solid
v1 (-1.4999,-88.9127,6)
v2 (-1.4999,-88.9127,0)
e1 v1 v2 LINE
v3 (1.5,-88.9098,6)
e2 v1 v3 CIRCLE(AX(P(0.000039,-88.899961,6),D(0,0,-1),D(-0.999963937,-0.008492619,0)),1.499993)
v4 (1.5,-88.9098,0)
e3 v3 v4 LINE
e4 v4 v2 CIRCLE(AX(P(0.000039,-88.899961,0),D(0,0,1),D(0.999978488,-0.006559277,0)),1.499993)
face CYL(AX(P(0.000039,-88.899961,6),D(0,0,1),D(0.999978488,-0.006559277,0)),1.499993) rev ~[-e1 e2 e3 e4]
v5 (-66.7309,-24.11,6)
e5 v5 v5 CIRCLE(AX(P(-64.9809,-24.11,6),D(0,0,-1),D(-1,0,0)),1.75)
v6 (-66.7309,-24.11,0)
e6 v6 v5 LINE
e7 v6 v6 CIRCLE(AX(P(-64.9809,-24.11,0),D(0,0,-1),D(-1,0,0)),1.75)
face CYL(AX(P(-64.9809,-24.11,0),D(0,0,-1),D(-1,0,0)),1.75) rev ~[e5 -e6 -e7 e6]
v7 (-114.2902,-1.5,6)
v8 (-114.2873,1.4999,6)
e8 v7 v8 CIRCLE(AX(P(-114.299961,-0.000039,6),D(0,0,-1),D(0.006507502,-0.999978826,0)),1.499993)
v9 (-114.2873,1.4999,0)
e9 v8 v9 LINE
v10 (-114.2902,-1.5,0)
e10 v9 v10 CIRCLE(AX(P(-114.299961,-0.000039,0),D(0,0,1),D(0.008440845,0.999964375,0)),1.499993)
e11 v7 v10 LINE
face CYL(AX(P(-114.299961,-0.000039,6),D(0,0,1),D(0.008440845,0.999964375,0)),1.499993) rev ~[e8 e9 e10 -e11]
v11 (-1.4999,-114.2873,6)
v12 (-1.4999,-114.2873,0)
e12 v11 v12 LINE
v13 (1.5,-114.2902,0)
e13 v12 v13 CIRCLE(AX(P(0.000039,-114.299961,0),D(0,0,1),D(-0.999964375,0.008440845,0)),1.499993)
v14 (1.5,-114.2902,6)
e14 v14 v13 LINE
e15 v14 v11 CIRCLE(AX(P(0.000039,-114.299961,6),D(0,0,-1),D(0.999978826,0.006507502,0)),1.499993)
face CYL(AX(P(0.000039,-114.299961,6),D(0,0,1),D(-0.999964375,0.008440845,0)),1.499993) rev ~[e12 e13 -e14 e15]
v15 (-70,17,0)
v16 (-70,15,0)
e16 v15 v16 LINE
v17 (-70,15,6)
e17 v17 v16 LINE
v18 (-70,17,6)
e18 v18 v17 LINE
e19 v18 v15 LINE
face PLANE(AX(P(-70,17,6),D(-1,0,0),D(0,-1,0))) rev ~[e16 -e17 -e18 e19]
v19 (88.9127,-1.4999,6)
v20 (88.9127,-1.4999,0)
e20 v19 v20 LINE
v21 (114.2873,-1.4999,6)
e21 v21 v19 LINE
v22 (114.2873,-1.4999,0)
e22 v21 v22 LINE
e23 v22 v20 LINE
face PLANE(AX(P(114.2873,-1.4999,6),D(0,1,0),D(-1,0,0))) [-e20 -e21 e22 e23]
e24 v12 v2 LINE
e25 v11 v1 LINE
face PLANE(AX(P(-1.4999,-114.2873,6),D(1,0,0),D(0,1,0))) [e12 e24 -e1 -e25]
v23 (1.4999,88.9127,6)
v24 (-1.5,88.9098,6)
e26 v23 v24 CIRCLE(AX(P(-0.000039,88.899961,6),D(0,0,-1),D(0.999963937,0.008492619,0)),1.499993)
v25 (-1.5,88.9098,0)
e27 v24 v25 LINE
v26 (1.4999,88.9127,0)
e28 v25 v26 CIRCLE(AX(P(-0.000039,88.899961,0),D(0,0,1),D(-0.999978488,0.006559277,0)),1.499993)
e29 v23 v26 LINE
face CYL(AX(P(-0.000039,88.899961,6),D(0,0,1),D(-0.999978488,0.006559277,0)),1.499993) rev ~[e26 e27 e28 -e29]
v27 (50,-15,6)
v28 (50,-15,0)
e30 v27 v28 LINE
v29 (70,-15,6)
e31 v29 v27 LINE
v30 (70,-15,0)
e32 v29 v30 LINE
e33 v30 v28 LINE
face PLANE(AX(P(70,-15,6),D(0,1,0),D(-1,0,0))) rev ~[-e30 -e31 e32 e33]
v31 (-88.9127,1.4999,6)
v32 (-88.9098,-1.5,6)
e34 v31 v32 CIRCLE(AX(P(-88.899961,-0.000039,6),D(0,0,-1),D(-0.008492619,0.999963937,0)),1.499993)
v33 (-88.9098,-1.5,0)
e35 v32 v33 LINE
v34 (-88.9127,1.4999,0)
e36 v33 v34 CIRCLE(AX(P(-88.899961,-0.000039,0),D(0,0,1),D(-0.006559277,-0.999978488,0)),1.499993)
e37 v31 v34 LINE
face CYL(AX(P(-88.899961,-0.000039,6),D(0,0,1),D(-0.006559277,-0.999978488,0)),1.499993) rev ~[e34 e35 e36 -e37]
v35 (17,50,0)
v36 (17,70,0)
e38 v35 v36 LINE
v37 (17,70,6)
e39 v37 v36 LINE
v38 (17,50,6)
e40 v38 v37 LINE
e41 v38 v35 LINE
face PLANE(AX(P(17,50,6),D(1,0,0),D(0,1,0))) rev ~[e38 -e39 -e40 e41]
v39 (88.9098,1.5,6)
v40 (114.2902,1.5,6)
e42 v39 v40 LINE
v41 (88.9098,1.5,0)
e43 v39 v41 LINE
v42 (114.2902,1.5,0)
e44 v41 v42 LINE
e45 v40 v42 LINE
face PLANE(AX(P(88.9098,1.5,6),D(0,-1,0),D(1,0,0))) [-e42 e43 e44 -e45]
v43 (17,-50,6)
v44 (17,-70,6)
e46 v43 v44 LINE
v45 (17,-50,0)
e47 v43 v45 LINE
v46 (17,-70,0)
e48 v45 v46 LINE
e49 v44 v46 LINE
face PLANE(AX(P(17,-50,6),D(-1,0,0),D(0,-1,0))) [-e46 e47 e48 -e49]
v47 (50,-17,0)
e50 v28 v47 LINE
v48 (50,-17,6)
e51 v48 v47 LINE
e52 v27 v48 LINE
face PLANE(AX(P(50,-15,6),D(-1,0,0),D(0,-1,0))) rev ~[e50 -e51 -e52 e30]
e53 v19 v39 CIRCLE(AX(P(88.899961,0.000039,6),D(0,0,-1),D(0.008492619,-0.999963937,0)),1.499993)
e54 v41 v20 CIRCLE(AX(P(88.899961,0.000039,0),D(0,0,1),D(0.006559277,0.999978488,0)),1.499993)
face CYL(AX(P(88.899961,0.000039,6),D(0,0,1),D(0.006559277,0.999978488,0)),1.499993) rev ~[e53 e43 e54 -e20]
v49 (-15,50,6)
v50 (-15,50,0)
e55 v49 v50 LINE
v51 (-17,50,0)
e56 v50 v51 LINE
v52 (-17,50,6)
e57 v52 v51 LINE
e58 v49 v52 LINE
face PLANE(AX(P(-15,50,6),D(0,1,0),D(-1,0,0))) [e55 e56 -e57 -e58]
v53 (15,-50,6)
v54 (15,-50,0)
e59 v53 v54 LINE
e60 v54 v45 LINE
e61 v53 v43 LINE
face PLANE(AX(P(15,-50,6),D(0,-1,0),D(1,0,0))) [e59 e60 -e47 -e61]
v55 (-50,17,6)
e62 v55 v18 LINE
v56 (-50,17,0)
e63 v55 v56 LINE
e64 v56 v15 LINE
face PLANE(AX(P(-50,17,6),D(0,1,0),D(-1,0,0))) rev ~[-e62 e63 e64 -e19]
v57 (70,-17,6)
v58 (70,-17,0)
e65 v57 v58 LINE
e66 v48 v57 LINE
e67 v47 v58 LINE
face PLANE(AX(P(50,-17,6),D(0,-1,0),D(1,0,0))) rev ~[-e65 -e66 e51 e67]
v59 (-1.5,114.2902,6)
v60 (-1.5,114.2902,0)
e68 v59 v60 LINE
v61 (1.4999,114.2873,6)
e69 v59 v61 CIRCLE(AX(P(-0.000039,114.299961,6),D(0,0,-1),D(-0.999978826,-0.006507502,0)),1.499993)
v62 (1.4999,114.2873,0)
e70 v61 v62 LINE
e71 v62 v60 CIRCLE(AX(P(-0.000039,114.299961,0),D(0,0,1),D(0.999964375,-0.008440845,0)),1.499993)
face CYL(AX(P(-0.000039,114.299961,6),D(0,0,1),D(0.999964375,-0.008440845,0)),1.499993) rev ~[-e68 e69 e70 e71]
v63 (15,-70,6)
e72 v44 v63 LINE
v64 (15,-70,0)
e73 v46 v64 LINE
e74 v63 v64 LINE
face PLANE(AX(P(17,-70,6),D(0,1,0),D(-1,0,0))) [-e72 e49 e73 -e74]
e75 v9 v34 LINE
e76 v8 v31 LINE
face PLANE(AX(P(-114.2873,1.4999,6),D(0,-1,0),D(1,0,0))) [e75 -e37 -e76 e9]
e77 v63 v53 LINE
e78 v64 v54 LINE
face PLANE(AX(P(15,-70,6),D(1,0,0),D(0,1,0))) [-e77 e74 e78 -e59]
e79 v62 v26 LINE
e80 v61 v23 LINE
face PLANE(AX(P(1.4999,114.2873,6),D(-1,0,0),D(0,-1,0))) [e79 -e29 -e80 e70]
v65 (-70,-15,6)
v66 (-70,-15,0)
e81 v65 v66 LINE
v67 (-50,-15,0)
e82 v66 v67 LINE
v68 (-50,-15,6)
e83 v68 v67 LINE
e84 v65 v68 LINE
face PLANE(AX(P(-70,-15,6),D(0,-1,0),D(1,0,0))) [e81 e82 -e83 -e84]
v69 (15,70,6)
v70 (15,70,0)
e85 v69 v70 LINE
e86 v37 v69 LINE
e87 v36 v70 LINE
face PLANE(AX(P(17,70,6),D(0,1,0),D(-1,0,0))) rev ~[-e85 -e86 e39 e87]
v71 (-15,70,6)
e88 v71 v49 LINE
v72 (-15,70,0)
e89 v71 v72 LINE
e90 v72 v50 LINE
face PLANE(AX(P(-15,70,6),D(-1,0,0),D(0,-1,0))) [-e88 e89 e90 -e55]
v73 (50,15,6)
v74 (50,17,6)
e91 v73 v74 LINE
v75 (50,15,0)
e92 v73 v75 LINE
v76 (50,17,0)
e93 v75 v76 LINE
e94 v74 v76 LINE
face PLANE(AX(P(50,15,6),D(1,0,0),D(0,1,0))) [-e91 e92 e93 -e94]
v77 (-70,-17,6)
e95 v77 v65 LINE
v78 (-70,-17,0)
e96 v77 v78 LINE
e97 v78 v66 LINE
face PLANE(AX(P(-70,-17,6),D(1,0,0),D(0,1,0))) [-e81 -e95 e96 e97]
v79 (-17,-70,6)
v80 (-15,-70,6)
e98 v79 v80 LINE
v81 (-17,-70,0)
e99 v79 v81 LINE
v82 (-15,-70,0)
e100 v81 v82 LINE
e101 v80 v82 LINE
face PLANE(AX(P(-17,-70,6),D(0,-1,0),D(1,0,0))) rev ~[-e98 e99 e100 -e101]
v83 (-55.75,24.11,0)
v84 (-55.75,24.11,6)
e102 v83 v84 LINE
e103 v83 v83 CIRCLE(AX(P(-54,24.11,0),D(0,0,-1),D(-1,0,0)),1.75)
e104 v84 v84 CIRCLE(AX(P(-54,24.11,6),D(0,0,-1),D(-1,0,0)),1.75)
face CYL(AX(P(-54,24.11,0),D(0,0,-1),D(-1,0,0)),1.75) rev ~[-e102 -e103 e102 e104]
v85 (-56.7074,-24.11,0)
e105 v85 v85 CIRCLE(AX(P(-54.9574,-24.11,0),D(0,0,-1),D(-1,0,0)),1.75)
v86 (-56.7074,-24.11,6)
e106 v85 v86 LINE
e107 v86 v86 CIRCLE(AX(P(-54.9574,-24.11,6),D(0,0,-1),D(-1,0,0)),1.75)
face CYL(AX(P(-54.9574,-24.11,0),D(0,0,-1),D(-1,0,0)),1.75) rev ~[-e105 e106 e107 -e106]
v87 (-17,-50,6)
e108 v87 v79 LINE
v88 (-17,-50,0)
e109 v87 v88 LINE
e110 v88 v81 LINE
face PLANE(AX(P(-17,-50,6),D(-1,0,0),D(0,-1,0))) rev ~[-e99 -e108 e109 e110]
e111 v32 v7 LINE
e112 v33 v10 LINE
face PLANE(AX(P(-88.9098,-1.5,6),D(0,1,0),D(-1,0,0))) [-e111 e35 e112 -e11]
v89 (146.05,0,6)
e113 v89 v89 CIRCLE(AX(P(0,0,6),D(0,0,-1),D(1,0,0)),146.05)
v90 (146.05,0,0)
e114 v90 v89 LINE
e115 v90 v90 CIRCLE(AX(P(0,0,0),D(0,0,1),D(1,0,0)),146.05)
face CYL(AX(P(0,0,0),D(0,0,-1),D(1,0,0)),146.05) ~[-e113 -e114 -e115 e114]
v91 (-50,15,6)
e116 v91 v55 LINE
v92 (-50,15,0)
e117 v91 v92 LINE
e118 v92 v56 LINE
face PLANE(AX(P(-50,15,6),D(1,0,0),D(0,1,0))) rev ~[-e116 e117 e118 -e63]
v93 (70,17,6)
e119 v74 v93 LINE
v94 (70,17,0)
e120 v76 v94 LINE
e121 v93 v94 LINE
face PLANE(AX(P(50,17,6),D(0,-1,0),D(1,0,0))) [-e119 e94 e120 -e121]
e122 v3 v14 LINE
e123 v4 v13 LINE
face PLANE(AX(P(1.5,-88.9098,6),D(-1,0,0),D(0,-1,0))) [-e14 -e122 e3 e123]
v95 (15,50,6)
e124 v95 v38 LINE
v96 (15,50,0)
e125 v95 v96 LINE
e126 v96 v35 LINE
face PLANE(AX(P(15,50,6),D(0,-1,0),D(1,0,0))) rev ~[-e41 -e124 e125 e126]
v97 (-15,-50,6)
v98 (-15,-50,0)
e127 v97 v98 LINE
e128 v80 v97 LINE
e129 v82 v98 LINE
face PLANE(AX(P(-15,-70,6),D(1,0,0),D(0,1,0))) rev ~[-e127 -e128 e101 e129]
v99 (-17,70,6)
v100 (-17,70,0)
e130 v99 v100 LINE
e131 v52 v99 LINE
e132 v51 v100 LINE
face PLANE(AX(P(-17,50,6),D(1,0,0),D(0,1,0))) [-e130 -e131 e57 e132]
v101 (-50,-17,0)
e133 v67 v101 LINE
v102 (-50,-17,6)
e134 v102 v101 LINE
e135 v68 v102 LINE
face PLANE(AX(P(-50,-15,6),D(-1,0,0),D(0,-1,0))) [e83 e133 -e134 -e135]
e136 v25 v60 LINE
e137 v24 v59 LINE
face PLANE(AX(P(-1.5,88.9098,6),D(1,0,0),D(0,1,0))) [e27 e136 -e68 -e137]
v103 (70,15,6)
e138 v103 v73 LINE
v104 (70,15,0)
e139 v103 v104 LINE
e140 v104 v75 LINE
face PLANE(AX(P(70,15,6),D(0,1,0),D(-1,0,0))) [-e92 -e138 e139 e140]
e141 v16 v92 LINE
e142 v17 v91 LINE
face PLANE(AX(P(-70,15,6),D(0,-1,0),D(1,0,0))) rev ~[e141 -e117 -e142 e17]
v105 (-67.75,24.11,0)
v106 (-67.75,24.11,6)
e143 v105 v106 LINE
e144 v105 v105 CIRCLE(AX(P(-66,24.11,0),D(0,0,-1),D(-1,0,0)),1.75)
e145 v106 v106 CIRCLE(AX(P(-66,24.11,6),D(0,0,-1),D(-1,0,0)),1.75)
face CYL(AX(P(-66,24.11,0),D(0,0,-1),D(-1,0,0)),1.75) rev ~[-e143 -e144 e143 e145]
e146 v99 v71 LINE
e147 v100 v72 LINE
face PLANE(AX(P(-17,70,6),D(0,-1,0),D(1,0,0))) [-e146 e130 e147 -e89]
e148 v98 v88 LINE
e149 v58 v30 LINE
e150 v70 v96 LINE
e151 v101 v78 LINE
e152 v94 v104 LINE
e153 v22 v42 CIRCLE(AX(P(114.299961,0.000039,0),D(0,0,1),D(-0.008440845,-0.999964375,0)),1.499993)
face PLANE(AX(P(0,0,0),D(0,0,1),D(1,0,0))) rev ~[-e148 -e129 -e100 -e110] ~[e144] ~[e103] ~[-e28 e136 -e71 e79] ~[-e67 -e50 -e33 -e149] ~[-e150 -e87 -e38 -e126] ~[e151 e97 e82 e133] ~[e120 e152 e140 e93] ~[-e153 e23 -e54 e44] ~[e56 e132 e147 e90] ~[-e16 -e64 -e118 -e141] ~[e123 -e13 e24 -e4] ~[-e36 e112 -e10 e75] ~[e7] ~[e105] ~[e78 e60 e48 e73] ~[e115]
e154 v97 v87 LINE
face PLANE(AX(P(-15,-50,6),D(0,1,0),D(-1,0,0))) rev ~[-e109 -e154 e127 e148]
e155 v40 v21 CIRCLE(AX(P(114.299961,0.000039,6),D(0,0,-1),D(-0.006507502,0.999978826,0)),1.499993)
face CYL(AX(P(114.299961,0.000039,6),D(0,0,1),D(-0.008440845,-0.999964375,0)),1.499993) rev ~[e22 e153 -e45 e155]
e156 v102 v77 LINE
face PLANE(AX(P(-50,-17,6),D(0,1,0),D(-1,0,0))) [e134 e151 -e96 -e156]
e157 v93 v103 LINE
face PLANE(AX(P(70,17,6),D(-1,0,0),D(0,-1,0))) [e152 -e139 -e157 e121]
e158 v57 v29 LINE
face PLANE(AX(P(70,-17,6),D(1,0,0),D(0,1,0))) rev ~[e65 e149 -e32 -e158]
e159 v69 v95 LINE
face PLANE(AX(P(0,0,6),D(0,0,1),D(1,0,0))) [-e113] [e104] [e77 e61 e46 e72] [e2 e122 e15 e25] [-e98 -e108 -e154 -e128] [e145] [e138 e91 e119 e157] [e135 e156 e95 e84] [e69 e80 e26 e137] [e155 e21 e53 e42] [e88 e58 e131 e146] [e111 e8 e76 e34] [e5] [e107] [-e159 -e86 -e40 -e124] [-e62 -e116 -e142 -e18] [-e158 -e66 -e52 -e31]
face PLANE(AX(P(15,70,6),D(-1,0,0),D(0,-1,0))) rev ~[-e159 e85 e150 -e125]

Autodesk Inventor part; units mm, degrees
ref_plane "YZ Plane" through (0, 0, 0) normal (1, 0, 0) x (0, 1, 0)
ref_plane "XZ Plane" through (0, 0, 0) normal (0, 1, 0) x (-1, 0, 0)
ref_plane "XY Plane" through (0, 0, 0) normal (0, 0, 1) x (1, 0, 0)
sketch "Sketch1" plane through (0, 0, 0) normal (0, 0, 1) x (1, 0, 0)
  line L0 (-204.47, 0) -> (204.47, 0) projected
  line L1 (0, -204.47) -> (0, 204.47) projected
  circle A0 centre (0, 0) radius 146.05
  dimension "d0" = 292.1
extrude "Extrusion1" add sketch "Sketch1" along normal blind 6
sketch "Sketch2" plane through (0, 0, 6) normal (0, 0, 1) x (1, 0, 0)
  circle A0 centre (0, 0) radius 114.3 construction
  arc A1 (-1.4999, 88.8873) -> (1.4999, 88.8873) centre (0, 0) ccw construction
  line L0 (-204.47, 0) -> (204.47, 0) construction
  line L1 (0, -204.47) -> (0, 204.47) construction
  arc A2 (1.4999, 114.2873) -> (-1.5, 114.2902) centre (0, 114.3) ccw
  arc A3 (-1.5, 88.9098) -> (1.4999, 88.9127) centre (0, 88.9) ccw
  line L2 (1.4999, 114.2902) -> (1.4999, 88.8873)
  line L3 (-1.5, 88.8873) -> (-1.5, 114.2902)
  arc A4 (-114.2873, 1.4999) -> (-114.2902, -1.5) centre (-114.3, 0) ccw
  arc A5 (-88.9098, -1.5) -> (-88.9127, 1.4999) centre (-88.9, 0) ccw
  line L4 (-114.2902, 1.4999) -> (-88.8873, 1.4999)
  line L5 (-88.8873, -1.5) -> (-114.2902, -1.5)
  arc A6 (-1.4999, -114.2873) -> (1.5, -114.2902) centre (0, -114.3) ccw
  arc A7 (1.5, -88.9098) -> (-1.4999, -88.9127) centre (0, -88.9) ccw
  line L6 (-1.4999, -114.2902) -> (-1.4999, -88.8873)
  line L7 (1.5, -88.8873) -> (1.5, -114.2902)
  arc A8 (88.9098, 1.5) -> (88.9127, -1.4999) centre (88.9, 0) ccw
  line L8 (88.8873, 1.5) -> (114.2902, 1.5)
  arc A9 (114.2873, -1.4999) -> (114.2902, 1.5) centre (114.3, 0) ccw
  line L9 (114.2902, -1.4999) -> (88.8873, -1.4999)
  point P0 (-88.8873, -1.4999)
  point P1 (1.4999, -88.8873)
  point P2 (88.8873, 1.4999)
  dimension "d3" = 228.6
  dimension "d4" = 177.8
  dimension "d5" = 3
  dimension "d6" = 3
  dimension "d13" = 3
  dimension "d14" = 3
  dimension "d15" = 3
  dimension "d16" = 3
  dimension "d17" = 3
  dimension "d18" = 3
extrude "Extrusion2" cut sketch "Sketch2" against normal blind 6
sketch "Sketch4" plane through (0, 0, 6) normal (0, 0, 1) x (1, 0, 0)
  line L0 (-204.47, 0) -> (204.47, 0) projected
  line L1 (0, -204.47) -> (0, 204.47) projected
  line L2 (-17, 70) -> (-15, 70)
  line L3 (-15, 70) -> (-15, 50)
  line L4 (-15, 50) -> (-17, 50)
  line L5 (-17, 50) -> (-17, 70)
  line L6 (17, 70) -> (15, 70)
  line L7 (15, 70) -> (15, 50)
  line L8 (15, 50) -> (17, 50)
  line L9 (17, 50) -> (17, 70)
  line L10 (-17, -70) -> (-15, -70)
  line L11 (-15, -70) -> (-15, -50)
  line L12 (-15, -50) -> (-17, -50)
  line L13 (-17, -50) -> (-17, -70)
  line L14 (17, -70) -> (15, -70)
  line L15 (15, -70) -> (15, -50)
  line L16 (15, -50) -> (17, -50)
  line L17 (17, -50) -> (17, -70)
  line L18 (-70, -17) -> (-70, -15)
  line L19 (-70, -15) -> (-50, -15)
  line L20 (-50, -15) -> (-50, -17)
  line L21 (-50, -17) -> (-70, -17)
  line L22 (-70, 17) -> (-70, 15)
  line L23 (-70, 15) -> (-50, 15)
  line L24 (-50, 15) -> (-50, 17)
  line L25 (-50, 17) -> (-70, 17)
  line L26 (70, -17) -> (70, -15)
  line L27 (70, -15) -> (50, -15)
  line L28 (50, -15) -> (50, -17)
  line L29 (50, -17) -> (70, -17)
  line L30 (70, 17) -> (70, 15)
  line L31 (70, 15) -> (50, 15)
  line L32 (50, 15) -> (50, 17)
  line L33 (50, 17) -> (70, 17)
  point P0 (0, 0)
  dimension "d21" = 2
  dimension "d22" = 50
  dimension "d23" = 20
  dimension "d24" = 15
  dimension "d25" = 2
  dimension "d26" = 20
extrude "Extrusion3" cut sketch "Sketch4" against normal blind 6
sketch "Sketch5" plane through (0, 0, 0) normal (0, 0, -1) x (-1, 0, 0)
  circle A0 centre (66, 24.11) radius 1.75
  circle A1 centre (54, 24.11) radius 1.75
  circle A2 centre (54.9574, -24.11) radius 1.75
  circle A3 centre (64.9809, -24.11) radius 1.75
  point P0 (0, 0)
extrude "Extrusion4" cut sketch "Sketch5" against normal blind 10
properties part number "BallBallerina_BasePlate_v1"
